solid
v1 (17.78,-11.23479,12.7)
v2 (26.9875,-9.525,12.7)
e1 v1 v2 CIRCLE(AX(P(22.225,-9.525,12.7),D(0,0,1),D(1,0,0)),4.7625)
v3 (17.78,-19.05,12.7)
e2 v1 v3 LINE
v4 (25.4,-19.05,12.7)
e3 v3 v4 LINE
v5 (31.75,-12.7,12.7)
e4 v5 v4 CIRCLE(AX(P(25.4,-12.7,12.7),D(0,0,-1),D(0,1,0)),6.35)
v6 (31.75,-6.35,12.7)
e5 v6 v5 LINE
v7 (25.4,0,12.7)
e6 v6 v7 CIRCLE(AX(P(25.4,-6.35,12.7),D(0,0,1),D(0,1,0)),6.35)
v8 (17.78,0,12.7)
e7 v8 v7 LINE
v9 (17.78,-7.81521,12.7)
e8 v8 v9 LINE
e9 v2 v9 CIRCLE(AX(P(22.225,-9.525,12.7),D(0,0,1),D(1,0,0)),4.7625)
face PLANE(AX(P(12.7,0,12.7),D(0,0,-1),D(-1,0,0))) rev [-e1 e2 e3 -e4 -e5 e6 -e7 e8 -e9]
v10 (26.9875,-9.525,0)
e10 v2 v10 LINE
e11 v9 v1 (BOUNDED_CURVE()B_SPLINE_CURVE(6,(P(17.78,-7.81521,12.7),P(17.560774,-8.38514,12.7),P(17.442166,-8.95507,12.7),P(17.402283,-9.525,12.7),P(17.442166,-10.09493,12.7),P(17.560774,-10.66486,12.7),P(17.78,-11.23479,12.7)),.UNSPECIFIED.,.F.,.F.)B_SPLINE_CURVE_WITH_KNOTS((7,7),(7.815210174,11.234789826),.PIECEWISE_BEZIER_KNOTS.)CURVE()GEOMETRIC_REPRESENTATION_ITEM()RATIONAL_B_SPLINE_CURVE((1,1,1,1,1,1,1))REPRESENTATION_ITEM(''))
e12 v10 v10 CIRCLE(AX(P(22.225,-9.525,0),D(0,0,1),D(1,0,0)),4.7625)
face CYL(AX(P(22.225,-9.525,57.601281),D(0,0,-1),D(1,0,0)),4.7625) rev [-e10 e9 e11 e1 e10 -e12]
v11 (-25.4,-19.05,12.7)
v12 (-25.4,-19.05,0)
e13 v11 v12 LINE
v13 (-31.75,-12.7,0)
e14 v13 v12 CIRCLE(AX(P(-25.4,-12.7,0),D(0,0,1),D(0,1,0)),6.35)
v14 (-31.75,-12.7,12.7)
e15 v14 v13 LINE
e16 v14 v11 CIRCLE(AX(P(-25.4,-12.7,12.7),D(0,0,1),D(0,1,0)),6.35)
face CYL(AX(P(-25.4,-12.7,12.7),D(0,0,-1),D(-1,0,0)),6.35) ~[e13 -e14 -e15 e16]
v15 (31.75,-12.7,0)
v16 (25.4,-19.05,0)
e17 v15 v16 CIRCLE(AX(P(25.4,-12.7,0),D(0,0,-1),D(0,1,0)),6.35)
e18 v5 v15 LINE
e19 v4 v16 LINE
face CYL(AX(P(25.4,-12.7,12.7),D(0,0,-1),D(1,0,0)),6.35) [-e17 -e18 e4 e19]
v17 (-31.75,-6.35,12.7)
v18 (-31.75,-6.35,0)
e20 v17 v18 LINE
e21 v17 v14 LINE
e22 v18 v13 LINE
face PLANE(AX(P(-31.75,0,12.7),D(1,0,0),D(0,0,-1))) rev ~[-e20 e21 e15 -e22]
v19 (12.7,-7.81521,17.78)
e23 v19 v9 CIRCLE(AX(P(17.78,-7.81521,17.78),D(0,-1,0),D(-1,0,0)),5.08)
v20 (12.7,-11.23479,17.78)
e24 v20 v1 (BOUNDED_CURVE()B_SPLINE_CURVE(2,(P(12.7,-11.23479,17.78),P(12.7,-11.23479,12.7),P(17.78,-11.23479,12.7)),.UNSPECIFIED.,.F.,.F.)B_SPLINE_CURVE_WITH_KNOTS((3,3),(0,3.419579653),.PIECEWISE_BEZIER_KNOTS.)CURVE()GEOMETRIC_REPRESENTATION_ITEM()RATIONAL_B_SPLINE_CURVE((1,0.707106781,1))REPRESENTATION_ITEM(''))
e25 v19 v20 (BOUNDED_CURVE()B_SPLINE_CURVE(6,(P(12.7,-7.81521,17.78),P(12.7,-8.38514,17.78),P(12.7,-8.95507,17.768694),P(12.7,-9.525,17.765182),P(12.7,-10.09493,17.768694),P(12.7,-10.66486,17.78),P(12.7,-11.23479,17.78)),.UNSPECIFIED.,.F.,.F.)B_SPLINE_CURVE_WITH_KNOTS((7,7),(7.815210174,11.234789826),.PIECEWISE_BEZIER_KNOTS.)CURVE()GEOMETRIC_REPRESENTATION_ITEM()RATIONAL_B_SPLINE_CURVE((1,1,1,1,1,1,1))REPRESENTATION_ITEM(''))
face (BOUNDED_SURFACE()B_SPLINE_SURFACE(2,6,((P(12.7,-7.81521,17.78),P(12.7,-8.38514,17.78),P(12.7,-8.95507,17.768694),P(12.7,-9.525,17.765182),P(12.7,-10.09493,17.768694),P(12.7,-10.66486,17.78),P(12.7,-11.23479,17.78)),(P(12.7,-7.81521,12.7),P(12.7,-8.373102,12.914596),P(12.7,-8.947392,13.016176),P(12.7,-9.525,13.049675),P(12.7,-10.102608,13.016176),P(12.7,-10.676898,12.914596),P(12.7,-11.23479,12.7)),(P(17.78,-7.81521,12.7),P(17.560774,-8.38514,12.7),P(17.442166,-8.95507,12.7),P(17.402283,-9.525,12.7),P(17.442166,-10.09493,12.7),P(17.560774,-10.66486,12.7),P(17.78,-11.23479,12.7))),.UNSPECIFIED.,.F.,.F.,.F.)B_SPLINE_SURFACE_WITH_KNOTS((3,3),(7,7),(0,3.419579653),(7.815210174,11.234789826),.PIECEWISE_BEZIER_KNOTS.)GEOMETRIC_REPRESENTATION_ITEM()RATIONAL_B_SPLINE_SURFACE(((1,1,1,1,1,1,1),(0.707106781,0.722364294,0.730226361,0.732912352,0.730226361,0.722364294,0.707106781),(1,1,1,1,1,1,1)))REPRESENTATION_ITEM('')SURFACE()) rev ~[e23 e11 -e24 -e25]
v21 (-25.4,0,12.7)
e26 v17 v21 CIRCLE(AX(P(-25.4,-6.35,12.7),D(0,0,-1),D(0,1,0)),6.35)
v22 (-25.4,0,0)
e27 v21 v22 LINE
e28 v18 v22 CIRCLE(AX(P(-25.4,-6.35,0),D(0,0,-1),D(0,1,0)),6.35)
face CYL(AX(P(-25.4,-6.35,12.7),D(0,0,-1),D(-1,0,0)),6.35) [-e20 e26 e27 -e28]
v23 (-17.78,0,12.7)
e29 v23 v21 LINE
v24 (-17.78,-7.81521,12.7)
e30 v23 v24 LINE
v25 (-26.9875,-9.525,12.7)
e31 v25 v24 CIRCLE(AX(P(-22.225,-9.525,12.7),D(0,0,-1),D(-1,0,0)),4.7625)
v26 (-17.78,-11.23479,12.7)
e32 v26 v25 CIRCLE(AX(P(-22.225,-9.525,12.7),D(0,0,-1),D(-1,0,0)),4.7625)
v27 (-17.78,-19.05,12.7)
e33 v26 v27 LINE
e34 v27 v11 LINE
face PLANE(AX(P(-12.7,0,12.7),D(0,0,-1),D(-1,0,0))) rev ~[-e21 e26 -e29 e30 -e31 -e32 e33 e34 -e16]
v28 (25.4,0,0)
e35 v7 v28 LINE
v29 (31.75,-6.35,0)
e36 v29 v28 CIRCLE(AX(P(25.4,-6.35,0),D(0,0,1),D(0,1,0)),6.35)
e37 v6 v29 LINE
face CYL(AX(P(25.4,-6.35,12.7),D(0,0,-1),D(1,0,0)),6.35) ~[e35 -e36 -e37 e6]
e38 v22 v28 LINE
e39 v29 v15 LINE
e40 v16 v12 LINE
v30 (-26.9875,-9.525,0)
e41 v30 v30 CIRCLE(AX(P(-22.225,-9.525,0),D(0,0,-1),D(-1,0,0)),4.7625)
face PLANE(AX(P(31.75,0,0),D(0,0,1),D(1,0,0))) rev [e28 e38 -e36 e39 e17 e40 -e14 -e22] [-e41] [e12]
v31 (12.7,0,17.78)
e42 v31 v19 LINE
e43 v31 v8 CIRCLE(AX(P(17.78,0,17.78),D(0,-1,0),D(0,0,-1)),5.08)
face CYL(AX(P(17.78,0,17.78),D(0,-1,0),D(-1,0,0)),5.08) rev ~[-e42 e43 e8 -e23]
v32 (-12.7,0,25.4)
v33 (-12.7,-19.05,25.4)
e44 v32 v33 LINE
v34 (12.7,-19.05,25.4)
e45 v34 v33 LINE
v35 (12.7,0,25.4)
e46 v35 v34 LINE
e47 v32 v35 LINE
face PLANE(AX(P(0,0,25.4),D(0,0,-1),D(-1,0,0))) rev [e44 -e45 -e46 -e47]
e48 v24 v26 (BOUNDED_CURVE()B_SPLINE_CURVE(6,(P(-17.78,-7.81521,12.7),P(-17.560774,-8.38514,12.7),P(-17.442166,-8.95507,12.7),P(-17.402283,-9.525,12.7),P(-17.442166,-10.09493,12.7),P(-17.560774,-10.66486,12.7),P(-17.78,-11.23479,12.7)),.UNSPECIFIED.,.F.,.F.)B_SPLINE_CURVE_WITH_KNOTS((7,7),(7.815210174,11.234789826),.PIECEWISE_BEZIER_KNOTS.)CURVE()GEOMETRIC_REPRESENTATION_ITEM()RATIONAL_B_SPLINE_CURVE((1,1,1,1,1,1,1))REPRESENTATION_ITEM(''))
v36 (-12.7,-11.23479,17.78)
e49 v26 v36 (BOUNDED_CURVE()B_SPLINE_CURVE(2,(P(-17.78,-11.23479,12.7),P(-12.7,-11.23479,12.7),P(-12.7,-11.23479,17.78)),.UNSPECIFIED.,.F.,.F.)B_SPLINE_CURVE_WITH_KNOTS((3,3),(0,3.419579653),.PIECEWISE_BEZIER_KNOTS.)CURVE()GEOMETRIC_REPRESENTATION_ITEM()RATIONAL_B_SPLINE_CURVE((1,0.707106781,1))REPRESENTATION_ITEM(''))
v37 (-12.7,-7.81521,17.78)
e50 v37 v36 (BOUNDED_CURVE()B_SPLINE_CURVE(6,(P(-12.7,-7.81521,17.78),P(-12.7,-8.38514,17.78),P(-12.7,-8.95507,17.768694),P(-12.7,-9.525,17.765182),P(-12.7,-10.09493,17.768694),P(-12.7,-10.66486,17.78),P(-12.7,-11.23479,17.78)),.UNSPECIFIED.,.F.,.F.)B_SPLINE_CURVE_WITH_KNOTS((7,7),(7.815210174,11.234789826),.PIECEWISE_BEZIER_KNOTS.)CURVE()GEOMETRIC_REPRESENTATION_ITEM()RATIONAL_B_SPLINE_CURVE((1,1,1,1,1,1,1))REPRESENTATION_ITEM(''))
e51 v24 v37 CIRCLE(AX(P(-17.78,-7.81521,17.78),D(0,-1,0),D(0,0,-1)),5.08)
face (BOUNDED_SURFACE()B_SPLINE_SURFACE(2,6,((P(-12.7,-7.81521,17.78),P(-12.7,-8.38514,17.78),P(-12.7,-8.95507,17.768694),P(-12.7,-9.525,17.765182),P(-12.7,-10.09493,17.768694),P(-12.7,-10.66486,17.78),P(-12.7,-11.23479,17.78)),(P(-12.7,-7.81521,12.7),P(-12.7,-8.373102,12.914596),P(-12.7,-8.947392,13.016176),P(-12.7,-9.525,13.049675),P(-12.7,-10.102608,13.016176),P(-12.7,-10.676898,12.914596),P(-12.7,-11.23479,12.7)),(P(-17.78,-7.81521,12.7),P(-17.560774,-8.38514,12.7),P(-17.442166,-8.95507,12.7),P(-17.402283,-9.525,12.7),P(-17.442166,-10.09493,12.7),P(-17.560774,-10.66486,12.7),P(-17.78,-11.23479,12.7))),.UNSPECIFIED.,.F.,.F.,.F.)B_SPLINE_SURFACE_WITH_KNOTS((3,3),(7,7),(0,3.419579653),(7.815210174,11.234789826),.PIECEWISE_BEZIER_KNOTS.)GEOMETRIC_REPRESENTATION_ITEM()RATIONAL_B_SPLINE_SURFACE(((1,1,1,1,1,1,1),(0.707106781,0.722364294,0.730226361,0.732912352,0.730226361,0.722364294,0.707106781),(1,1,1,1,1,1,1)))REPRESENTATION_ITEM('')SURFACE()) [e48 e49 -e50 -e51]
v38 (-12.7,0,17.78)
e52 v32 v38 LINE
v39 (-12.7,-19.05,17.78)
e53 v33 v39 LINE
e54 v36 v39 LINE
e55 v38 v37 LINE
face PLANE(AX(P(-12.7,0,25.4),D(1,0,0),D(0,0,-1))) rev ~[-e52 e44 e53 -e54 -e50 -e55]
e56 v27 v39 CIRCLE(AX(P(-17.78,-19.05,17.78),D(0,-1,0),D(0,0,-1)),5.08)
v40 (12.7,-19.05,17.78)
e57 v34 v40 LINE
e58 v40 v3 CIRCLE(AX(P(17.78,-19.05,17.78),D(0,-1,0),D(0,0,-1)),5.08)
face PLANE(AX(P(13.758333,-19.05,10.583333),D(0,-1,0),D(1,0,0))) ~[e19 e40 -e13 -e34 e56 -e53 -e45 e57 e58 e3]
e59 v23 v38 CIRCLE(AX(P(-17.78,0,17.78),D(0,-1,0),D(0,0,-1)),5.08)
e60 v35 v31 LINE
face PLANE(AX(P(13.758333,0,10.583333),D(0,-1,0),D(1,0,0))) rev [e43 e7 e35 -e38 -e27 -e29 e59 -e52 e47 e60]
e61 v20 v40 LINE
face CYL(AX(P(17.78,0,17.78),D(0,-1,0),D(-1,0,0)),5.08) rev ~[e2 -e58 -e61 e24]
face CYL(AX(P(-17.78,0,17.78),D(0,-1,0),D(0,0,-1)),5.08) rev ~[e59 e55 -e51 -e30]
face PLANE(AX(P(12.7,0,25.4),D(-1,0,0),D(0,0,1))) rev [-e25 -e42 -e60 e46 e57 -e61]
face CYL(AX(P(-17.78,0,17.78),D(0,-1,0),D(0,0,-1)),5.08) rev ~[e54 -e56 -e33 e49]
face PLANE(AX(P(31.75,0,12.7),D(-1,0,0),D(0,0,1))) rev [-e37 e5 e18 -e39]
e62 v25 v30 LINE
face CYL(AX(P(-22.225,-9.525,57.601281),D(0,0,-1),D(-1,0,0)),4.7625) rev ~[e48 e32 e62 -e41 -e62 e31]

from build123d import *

# Parameters (mm, degrees)
F1_DEPTH = 19.05
F3_D     = 9.525
F4_R     = 6.35
F6_R     = 5.08


with BuildPart() as f1:
    # F0 (on Front) → F1 (new body)
    with BuildSketch(Plane.XZ):
        Polygon((-31.75, 0), (0, 0), (0, 25.4), (-12.7, 25.4), (-12.7, 12.7), (-31.75, 12.7), align=None)
    extrude(amount=F1_DEPTH)

    # F3 (through all)
    with Locations(Plane.XY.offset(12.7)):
        with Locations((-22.225, -9.525)):
            Hole(F3_D / 2)

    # F4
    f4_edges = [f1.edges().sort_by_distance(p)[0] for p in [
        (-31.75, -19.05, 6.35),
        (-31.75, 0, 6.35),
    ]]
    fillet(f4_edges, radius=F4_R)

    # F5: F1 across face


with BuildPart() as f1_1:
    add(f1.part)
    add(f1.part.mirror(Plane(origin=(0, -9.525, 12.7), x_dir=(0, 1, 0), z_dir=(1, 0, 0))))

    # F6
    f6_edges = [f1_1.edges().sort_by_distance(p)[0] for p in [
        (-12.7, -9.525, 12.7),
        (12.7, -9.525, 12.7),
    ]]
    fillet(f6_edges, radius=F6_R)


solid = f1_1.part
